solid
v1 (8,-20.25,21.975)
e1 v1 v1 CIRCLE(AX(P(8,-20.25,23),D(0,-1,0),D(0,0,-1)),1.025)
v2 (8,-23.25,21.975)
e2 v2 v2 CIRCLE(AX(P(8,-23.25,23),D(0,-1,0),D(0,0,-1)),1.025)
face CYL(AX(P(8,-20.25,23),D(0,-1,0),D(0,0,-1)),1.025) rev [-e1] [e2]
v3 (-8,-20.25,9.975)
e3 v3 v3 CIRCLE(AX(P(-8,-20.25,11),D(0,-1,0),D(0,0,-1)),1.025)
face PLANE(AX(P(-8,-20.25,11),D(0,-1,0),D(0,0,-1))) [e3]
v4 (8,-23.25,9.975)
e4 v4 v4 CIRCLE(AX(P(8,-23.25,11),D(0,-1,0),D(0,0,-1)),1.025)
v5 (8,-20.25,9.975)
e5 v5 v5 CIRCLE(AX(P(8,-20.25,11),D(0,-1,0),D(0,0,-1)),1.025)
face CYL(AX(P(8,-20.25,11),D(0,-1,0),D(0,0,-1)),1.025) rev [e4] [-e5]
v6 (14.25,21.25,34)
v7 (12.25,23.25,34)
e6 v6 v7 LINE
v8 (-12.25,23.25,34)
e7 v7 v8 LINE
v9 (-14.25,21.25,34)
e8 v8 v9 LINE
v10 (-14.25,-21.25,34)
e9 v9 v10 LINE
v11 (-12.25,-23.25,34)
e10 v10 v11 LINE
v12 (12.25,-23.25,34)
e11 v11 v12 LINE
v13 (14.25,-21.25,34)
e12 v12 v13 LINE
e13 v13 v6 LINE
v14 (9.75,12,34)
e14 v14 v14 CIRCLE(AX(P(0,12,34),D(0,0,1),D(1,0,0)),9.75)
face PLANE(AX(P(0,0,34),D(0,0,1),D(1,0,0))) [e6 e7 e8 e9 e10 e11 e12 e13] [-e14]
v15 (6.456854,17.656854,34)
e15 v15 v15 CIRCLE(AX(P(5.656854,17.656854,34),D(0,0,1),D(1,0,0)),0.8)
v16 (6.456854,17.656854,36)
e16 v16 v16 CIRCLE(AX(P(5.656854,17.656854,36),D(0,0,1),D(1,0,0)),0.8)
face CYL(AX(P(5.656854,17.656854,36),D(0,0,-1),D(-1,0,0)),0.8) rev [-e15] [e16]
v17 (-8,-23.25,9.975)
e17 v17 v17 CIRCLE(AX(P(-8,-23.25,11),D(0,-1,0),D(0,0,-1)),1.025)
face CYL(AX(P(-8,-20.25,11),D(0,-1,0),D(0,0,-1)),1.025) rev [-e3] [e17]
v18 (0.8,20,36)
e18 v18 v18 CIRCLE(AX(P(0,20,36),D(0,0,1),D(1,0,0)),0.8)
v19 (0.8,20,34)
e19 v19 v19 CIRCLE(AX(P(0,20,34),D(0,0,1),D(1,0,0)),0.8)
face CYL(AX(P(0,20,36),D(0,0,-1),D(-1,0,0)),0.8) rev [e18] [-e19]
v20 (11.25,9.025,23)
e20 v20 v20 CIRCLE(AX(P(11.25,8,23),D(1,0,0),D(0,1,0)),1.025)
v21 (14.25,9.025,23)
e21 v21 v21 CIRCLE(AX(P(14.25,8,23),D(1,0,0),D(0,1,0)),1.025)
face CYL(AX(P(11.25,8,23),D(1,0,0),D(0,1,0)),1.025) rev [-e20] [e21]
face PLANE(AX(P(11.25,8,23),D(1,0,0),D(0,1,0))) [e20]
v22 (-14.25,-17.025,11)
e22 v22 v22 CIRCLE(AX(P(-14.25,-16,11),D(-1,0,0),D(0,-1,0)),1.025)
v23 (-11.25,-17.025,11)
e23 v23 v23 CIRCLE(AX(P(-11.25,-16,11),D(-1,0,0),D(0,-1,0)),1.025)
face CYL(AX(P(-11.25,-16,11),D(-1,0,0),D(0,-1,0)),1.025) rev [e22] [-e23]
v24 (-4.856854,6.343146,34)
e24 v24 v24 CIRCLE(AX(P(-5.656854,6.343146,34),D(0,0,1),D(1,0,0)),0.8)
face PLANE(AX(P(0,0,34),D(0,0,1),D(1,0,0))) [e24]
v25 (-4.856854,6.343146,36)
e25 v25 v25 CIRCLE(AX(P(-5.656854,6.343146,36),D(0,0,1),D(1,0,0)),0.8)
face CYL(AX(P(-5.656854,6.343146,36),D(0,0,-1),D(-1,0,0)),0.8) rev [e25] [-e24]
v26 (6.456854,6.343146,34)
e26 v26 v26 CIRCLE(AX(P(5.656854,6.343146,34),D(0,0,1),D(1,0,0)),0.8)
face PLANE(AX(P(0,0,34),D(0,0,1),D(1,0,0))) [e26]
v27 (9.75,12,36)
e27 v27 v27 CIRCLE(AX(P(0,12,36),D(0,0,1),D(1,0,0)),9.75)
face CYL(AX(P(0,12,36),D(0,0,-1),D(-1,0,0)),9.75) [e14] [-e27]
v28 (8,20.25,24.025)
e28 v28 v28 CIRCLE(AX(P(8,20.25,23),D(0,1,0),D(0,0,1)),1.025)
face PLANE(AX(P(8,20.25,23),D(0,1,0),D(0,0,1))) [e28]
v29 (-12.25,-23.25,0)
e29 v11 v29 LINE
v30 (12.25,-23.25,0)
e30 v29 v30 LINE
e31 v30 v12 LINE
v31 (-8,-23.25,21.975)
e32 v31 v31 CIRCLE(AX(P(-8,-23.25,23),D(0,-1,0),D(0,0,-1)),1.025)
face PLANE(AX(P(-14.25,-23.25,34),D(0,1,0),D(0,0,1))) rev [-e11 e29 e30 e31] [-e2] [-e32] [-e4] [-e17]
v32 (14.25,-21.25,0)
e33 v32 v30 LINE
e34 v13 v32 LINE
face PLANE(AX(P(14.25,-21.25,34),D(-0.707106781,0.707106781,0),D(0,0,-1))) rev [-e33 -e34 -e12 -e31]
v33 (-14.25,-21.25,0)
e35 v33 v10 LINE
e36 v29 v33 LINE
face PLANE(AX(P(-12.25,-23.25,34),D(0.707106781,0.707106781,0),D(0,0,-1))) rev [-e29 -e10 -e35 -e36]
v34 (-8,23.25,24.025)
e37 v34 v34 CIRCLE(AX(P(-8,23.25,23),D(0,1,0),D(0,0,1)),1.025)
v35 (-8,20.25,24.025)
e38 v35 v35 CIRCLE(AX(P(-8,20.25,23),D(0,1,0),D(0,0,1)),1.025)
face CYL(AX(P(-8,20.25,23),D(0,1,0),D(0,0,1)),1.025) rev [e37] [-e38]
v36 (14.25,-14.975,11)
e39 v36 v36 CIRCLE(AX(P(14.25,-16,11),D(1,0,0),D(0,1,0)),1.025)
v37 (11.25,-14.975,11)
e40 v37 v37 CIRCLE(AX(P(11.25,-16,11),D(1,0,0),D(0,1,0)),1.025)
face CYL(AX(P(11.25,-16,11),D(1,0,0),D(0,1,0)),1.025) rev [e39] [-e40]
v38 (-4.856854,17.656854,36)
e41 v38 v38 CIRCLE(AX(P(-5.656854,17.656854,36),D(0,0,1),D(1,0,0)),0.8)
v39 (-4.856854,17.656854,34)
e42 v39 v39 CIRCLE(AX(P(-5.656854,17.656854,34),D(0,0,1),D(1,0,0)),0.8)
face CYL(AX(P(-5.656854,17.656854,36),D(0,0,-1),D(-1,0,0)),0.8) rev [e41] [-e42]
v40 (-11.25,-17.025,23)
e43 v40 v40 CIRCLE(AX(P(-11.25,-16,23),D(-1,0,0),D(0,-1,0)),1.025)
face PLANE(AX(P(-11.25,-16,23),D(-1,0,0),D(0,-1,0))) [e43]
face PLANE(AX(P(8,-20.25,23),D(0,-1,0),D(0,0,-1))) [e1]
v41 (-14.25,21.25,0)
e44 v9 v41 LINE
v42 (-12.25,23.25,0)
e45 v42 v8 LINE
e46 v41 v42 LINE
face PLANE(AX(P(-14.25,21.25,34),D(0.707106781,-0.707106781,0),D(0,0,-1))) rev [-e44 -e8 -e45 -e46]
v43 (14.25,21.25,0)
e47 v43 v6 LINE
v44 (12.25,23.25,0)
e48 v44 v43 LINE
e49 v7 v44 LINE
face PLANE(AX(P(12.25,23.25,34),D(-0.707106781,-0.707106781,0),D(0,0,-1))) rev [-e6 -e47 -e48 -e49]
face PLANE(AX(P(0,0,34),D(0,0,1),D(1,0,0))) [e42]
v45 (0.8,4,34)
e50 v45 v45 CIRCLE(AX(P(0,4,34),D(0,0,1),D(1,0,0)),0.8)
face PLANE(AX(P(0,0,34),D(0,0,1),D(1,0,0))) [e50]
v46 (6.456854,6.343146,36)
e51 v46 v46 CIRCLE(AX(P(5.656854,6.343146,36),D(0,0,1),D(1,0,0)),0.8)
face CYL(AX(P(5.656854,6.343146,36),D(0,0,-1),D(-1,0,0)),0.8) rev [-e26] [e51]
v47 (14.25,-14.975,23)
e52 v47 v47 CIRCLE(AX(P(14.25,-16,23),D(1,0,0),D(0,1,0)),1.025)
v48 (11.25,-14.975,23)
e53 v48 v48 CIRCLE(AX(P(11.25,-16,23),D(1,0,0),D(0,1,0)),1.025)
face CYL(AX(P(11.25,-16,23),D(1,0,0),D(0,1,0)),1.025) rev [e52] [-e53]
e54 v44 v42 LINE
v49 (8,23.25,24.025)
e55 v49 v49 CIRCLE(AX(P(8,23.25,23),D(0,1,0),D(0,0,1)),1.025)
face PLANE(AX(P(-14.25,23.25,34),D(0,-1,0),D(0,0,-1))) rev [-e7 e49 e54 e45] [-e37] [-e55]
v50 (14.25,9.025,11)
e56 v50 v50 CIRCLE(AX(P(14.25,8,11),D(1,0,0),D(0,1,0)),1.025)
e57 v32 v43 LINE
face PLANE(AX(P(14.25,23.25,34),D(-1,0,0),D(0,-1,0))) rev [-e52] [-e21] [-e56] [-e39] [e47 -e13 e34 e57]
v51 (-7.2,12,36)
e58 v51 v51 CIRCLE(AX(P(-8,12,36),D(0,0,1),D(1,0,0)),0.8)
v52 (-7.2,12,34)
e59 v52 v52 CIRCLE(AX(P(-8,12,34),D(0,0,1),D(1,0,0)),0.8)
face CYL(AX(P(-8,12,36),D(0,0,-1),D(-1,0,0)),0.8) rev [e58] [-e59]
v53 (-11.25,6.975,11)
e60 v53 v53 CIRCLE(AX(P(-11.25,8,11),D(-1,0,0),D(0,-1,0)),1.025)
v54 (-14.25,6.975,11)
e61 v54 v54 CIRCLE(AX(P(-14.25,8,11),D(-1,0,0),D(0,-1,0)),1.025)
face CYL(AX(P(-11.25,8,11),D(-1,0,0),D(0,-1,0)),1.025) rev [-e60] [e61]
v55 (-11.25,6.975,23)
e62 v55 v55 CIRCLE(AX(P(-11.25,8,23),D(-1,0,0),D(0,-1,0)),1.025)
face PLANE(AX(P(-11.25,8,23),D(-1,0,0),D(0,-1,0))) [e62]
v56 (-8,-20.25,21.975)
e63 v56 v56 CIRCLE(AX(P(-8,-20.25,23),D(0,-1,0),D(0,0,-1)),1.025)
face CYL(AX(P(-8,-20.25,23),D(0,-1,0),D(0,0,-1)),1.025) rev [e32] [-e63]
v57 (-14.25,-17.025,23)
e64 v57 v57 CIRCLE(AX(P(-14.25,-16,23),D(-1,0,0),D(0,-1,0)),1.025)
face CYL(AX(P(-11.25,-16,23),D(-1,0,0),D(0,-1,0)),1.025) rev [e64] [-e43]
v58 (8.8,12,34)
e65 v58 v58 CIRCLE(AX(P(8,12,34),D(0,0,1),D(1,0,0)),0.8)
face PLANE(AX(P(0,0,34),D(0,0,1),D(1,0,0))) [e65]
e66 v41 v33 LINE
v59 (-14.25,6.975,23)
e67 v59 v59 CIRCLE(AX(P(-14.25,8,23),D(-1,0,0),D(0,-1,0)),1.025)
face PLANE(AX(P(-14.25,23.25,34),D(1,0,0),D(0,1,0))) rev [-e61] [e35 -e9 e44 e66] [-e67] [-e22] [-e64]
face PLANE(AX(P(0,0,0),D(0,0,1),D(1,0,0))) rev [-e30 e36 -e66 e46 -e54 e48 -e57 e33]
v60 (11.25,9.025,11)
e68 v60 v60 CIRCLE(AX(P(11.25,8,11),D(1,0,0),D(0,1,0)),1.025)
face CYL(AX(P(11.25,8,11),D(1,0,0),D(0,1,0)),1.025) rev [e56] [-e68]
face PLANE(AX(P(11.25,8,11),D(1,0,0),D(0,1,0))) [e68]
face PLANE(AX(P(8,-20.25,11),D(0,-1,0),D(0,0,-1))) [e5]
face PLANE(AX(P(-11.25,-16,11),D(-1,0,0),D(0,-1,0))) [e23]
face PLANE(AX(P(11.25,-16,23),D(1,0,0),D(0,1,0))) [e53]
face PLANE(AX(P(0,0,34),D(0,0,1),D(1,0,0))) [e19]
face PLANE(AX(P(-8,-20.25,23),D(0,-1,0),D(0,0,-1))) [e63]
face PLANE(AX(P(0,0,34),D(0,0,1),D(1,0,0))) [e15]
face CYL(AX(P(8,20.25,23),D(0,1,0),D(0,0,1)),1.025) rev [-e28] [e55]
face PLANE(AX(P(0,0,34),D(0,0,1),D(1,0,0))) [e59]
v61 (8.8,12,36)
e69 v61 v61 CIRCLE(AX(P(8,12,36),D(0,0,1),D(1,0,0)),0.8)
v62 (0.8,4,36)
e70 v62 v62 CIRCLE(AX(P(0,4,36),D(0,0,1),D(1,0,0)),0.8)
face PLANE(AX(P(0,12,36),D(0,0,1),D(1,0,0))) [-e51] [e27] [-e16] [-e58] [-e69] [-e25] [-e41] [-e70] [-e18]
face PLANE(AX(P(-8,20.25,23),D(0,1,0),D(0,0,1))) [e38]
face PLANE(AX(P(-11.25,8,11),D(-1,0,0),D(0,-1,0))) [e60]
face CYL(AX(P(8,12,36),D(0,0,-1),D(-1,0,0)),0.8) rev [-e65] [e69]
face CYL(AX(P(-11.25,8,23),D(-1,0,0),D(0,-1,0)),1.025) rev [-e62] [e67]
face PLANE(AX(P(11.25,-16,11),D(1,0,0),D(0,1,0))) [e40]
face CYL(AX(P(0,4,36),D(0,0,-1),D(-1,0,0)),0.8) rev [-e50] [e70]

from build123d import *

# Parameters (mm, degrees)
ESQUISSE1_W             = 28.5
ESQUISSE1_H             = 46.5
BOSS_EXTRU_1_DEPTH      = 34
ESQUISSE2_R             = 9.75
ESQUISSE2_R_2           = 0.8
BOSS_EXTRU_2_DEPTH      = 2
ESQUISSE3_R             = 1.025
ENL_V_MAT_EXTRU_1_DEPTH = 3
ESQUISSE4_R             = 1.025
ENL_V_MAT_EXTRU_2_DEPTH = 3
ENL_V_START             = -3
ESQUISSE5_R             = 1.025
ENL_V_MAT_EXTRU_3_DEPTH = 3
ESQUISSE6_R             = 1.025
ENL_V_MAT_EXTRU_4_DEPTH = 3
CHANFREIN1_SIZE         = 2


with BuildPart() as part:
    # Esquisse1 → Boss.-Extru.1 (new body)
    with BuildSketch(Plane.XY):
        Rectangle(ESQUISSE1_W, ESQUISSE1_H)
    extrude(amount=BOSS_EXTRU_1_DEPTH)

    # Esquisse2 → Boss.-Extru.2 (add)
    with BuildSketch(Plane.XY.offset(34)):
        with Locations((0, 12)):
            Circle(ESQUISSE2_R)
        with Locations((0, 20)):
            Circle(ESQUISSE2_R_2, mode=Mode.SUBTRACT)
        with Locations((5.656854249, 17.656854249)):
            Circle(ESQUISSE2_R_2, mode=Mode.SUBTRACT)
        with Locations((8, 12)):
            Circle(ESQUISSE2_R_2, mode=Mode.SUBTRACT)
        with Locations((5.656854249, 6.343145751)):
            Circle(ESQUISSE2_R_2, mode=Mode.SUBTRACT)
        with Locations((0, 4)):
            Circle(ESQUISSE2_R_2, mode=Mode.SUBTRACT)
        with Locations((-5.656854249, 6.343145751)):
            Circle(ESQUISSE2_R_2, mode=Mode.SUBTRACT)
        with Locations((-8, 12)):
            Circle(ESQUISSE2_R_2, mode=Mode.SUBTRACT)
        with Locations((-5.656854249, 17.656854249)):
            Circle(ESQUISSE2_R_2, mode=Mode.SUBTRACT)
    extrude(amount=BOSS_EXTRU_2_DEPTH)

    # Esquisse3 → Enlèv. mat.-Extru.1 (cut)
    with BuildSketch(Plane(origin=(0, 23.25, 0), x_dir=(1, 0, 0), z_dir=(0, 1, 0))):
        with Locations(Location((-8, -23, 0), (0, 0, 270))):
            Circle(ESQUISSE3_R)
        with Locations(Location((8, -23, 0), (0, 0, 270))):
            Circle(ESQUISSE3_R)
    extrude(amount=-ENL_V_MAT_EXTRU_1_DEPTH, mode=Mode.SUBTRACT)

    # Esquisse4 → Enlèv. mat.-Extru.2 (cut)
    with BuildSketch(Plane.ZY.offset(14.25)):
        with Locations(Location((23, 8, 0), (0, 0, 270))):
            Circle(ESQUISSE4_R)
        with Locations(Location((11, 8, 0), (0, 0, 270))):
            Circle(ESQUISSE4_R)
        with Locations(Location((23, -16, 0), (0, 0, 270))):
            Circle(ESQUISSE4_R)
        with Locations(Location((11, -16, 0), (0, 0, 270))):
            Circle(ESQUISSE4_R)
    extrude(amount=-ENL_V_MAT_EXTRU_2_DEPTH, mode=Mode.SUBTRACT)

    # Esquisse5 → Enlèv. mat.-Extru.3 (cut)
    with BuildSketch(Plane(origin=(14.25, 0, 0), x_dir=(0, 0, -1), z_dir=(1, 0, 0)).offset(ENL_V_START)):
        with Locations(Location((-11, -16, 0), (0, 0, 270))):
            Circle(ESQUISSE5_R)
        with Locations(Location((-23, -16, 0), (0, 0, 270))):
            Circle(ESQUISSE5_R)
        with Locations(Location((-23, 8, 0), (0, 0, 270))):
            Circle(ESQUISSE5_R)
        with Locations(Location((-11, 8, 0), (0, 0, 270))):
            Circle(ESQUISSE5_R)
    extrude(amount=ENL_V_MAT_EXTRU_3_DEPTH, mode=Mode.SUBTRACT)

    # Esquisse6 → Enlèv. mat.-Extru.4 (cut)
    with BuildSketch(Plane.XZ.offset(23.25).offset(ENL_V_START)):
        with Locations(Location((-8, 23, 0), (0, 0, 90))):
            Circle(ESQUISSE6_R)
        with Locations(Location((8, 23, 0), (0, 0, 90))):
            Circle(ESQUISSE6_R)
        with Locations(Location((-8, 11, 0), (0, 0, 270))):
            Circle(ESQUISSE6_R)
        with Locations(Location((8, 11, 0), (0, 0, 270))):
            Circle(ESQUISSE6_R)
    extrude(amount=ENL_V_MAT_EXTRU_4_DEPTH, mode=Mode.SUBTRACT)

    # Chanfrein1
    chanfrein1_edges = [part.edges().sort_by_distance(p)[0] for p in [
        (-14.25, 23.25, 17),
        (14.25, 23.25, 17),
        (14.25, -23.25, 17),
        (-14.25, -23.25, 17),
    ]]
    chamfer(chanfrein1_edges, length=CHANFREIN1_SIZE)


solid = part.part
